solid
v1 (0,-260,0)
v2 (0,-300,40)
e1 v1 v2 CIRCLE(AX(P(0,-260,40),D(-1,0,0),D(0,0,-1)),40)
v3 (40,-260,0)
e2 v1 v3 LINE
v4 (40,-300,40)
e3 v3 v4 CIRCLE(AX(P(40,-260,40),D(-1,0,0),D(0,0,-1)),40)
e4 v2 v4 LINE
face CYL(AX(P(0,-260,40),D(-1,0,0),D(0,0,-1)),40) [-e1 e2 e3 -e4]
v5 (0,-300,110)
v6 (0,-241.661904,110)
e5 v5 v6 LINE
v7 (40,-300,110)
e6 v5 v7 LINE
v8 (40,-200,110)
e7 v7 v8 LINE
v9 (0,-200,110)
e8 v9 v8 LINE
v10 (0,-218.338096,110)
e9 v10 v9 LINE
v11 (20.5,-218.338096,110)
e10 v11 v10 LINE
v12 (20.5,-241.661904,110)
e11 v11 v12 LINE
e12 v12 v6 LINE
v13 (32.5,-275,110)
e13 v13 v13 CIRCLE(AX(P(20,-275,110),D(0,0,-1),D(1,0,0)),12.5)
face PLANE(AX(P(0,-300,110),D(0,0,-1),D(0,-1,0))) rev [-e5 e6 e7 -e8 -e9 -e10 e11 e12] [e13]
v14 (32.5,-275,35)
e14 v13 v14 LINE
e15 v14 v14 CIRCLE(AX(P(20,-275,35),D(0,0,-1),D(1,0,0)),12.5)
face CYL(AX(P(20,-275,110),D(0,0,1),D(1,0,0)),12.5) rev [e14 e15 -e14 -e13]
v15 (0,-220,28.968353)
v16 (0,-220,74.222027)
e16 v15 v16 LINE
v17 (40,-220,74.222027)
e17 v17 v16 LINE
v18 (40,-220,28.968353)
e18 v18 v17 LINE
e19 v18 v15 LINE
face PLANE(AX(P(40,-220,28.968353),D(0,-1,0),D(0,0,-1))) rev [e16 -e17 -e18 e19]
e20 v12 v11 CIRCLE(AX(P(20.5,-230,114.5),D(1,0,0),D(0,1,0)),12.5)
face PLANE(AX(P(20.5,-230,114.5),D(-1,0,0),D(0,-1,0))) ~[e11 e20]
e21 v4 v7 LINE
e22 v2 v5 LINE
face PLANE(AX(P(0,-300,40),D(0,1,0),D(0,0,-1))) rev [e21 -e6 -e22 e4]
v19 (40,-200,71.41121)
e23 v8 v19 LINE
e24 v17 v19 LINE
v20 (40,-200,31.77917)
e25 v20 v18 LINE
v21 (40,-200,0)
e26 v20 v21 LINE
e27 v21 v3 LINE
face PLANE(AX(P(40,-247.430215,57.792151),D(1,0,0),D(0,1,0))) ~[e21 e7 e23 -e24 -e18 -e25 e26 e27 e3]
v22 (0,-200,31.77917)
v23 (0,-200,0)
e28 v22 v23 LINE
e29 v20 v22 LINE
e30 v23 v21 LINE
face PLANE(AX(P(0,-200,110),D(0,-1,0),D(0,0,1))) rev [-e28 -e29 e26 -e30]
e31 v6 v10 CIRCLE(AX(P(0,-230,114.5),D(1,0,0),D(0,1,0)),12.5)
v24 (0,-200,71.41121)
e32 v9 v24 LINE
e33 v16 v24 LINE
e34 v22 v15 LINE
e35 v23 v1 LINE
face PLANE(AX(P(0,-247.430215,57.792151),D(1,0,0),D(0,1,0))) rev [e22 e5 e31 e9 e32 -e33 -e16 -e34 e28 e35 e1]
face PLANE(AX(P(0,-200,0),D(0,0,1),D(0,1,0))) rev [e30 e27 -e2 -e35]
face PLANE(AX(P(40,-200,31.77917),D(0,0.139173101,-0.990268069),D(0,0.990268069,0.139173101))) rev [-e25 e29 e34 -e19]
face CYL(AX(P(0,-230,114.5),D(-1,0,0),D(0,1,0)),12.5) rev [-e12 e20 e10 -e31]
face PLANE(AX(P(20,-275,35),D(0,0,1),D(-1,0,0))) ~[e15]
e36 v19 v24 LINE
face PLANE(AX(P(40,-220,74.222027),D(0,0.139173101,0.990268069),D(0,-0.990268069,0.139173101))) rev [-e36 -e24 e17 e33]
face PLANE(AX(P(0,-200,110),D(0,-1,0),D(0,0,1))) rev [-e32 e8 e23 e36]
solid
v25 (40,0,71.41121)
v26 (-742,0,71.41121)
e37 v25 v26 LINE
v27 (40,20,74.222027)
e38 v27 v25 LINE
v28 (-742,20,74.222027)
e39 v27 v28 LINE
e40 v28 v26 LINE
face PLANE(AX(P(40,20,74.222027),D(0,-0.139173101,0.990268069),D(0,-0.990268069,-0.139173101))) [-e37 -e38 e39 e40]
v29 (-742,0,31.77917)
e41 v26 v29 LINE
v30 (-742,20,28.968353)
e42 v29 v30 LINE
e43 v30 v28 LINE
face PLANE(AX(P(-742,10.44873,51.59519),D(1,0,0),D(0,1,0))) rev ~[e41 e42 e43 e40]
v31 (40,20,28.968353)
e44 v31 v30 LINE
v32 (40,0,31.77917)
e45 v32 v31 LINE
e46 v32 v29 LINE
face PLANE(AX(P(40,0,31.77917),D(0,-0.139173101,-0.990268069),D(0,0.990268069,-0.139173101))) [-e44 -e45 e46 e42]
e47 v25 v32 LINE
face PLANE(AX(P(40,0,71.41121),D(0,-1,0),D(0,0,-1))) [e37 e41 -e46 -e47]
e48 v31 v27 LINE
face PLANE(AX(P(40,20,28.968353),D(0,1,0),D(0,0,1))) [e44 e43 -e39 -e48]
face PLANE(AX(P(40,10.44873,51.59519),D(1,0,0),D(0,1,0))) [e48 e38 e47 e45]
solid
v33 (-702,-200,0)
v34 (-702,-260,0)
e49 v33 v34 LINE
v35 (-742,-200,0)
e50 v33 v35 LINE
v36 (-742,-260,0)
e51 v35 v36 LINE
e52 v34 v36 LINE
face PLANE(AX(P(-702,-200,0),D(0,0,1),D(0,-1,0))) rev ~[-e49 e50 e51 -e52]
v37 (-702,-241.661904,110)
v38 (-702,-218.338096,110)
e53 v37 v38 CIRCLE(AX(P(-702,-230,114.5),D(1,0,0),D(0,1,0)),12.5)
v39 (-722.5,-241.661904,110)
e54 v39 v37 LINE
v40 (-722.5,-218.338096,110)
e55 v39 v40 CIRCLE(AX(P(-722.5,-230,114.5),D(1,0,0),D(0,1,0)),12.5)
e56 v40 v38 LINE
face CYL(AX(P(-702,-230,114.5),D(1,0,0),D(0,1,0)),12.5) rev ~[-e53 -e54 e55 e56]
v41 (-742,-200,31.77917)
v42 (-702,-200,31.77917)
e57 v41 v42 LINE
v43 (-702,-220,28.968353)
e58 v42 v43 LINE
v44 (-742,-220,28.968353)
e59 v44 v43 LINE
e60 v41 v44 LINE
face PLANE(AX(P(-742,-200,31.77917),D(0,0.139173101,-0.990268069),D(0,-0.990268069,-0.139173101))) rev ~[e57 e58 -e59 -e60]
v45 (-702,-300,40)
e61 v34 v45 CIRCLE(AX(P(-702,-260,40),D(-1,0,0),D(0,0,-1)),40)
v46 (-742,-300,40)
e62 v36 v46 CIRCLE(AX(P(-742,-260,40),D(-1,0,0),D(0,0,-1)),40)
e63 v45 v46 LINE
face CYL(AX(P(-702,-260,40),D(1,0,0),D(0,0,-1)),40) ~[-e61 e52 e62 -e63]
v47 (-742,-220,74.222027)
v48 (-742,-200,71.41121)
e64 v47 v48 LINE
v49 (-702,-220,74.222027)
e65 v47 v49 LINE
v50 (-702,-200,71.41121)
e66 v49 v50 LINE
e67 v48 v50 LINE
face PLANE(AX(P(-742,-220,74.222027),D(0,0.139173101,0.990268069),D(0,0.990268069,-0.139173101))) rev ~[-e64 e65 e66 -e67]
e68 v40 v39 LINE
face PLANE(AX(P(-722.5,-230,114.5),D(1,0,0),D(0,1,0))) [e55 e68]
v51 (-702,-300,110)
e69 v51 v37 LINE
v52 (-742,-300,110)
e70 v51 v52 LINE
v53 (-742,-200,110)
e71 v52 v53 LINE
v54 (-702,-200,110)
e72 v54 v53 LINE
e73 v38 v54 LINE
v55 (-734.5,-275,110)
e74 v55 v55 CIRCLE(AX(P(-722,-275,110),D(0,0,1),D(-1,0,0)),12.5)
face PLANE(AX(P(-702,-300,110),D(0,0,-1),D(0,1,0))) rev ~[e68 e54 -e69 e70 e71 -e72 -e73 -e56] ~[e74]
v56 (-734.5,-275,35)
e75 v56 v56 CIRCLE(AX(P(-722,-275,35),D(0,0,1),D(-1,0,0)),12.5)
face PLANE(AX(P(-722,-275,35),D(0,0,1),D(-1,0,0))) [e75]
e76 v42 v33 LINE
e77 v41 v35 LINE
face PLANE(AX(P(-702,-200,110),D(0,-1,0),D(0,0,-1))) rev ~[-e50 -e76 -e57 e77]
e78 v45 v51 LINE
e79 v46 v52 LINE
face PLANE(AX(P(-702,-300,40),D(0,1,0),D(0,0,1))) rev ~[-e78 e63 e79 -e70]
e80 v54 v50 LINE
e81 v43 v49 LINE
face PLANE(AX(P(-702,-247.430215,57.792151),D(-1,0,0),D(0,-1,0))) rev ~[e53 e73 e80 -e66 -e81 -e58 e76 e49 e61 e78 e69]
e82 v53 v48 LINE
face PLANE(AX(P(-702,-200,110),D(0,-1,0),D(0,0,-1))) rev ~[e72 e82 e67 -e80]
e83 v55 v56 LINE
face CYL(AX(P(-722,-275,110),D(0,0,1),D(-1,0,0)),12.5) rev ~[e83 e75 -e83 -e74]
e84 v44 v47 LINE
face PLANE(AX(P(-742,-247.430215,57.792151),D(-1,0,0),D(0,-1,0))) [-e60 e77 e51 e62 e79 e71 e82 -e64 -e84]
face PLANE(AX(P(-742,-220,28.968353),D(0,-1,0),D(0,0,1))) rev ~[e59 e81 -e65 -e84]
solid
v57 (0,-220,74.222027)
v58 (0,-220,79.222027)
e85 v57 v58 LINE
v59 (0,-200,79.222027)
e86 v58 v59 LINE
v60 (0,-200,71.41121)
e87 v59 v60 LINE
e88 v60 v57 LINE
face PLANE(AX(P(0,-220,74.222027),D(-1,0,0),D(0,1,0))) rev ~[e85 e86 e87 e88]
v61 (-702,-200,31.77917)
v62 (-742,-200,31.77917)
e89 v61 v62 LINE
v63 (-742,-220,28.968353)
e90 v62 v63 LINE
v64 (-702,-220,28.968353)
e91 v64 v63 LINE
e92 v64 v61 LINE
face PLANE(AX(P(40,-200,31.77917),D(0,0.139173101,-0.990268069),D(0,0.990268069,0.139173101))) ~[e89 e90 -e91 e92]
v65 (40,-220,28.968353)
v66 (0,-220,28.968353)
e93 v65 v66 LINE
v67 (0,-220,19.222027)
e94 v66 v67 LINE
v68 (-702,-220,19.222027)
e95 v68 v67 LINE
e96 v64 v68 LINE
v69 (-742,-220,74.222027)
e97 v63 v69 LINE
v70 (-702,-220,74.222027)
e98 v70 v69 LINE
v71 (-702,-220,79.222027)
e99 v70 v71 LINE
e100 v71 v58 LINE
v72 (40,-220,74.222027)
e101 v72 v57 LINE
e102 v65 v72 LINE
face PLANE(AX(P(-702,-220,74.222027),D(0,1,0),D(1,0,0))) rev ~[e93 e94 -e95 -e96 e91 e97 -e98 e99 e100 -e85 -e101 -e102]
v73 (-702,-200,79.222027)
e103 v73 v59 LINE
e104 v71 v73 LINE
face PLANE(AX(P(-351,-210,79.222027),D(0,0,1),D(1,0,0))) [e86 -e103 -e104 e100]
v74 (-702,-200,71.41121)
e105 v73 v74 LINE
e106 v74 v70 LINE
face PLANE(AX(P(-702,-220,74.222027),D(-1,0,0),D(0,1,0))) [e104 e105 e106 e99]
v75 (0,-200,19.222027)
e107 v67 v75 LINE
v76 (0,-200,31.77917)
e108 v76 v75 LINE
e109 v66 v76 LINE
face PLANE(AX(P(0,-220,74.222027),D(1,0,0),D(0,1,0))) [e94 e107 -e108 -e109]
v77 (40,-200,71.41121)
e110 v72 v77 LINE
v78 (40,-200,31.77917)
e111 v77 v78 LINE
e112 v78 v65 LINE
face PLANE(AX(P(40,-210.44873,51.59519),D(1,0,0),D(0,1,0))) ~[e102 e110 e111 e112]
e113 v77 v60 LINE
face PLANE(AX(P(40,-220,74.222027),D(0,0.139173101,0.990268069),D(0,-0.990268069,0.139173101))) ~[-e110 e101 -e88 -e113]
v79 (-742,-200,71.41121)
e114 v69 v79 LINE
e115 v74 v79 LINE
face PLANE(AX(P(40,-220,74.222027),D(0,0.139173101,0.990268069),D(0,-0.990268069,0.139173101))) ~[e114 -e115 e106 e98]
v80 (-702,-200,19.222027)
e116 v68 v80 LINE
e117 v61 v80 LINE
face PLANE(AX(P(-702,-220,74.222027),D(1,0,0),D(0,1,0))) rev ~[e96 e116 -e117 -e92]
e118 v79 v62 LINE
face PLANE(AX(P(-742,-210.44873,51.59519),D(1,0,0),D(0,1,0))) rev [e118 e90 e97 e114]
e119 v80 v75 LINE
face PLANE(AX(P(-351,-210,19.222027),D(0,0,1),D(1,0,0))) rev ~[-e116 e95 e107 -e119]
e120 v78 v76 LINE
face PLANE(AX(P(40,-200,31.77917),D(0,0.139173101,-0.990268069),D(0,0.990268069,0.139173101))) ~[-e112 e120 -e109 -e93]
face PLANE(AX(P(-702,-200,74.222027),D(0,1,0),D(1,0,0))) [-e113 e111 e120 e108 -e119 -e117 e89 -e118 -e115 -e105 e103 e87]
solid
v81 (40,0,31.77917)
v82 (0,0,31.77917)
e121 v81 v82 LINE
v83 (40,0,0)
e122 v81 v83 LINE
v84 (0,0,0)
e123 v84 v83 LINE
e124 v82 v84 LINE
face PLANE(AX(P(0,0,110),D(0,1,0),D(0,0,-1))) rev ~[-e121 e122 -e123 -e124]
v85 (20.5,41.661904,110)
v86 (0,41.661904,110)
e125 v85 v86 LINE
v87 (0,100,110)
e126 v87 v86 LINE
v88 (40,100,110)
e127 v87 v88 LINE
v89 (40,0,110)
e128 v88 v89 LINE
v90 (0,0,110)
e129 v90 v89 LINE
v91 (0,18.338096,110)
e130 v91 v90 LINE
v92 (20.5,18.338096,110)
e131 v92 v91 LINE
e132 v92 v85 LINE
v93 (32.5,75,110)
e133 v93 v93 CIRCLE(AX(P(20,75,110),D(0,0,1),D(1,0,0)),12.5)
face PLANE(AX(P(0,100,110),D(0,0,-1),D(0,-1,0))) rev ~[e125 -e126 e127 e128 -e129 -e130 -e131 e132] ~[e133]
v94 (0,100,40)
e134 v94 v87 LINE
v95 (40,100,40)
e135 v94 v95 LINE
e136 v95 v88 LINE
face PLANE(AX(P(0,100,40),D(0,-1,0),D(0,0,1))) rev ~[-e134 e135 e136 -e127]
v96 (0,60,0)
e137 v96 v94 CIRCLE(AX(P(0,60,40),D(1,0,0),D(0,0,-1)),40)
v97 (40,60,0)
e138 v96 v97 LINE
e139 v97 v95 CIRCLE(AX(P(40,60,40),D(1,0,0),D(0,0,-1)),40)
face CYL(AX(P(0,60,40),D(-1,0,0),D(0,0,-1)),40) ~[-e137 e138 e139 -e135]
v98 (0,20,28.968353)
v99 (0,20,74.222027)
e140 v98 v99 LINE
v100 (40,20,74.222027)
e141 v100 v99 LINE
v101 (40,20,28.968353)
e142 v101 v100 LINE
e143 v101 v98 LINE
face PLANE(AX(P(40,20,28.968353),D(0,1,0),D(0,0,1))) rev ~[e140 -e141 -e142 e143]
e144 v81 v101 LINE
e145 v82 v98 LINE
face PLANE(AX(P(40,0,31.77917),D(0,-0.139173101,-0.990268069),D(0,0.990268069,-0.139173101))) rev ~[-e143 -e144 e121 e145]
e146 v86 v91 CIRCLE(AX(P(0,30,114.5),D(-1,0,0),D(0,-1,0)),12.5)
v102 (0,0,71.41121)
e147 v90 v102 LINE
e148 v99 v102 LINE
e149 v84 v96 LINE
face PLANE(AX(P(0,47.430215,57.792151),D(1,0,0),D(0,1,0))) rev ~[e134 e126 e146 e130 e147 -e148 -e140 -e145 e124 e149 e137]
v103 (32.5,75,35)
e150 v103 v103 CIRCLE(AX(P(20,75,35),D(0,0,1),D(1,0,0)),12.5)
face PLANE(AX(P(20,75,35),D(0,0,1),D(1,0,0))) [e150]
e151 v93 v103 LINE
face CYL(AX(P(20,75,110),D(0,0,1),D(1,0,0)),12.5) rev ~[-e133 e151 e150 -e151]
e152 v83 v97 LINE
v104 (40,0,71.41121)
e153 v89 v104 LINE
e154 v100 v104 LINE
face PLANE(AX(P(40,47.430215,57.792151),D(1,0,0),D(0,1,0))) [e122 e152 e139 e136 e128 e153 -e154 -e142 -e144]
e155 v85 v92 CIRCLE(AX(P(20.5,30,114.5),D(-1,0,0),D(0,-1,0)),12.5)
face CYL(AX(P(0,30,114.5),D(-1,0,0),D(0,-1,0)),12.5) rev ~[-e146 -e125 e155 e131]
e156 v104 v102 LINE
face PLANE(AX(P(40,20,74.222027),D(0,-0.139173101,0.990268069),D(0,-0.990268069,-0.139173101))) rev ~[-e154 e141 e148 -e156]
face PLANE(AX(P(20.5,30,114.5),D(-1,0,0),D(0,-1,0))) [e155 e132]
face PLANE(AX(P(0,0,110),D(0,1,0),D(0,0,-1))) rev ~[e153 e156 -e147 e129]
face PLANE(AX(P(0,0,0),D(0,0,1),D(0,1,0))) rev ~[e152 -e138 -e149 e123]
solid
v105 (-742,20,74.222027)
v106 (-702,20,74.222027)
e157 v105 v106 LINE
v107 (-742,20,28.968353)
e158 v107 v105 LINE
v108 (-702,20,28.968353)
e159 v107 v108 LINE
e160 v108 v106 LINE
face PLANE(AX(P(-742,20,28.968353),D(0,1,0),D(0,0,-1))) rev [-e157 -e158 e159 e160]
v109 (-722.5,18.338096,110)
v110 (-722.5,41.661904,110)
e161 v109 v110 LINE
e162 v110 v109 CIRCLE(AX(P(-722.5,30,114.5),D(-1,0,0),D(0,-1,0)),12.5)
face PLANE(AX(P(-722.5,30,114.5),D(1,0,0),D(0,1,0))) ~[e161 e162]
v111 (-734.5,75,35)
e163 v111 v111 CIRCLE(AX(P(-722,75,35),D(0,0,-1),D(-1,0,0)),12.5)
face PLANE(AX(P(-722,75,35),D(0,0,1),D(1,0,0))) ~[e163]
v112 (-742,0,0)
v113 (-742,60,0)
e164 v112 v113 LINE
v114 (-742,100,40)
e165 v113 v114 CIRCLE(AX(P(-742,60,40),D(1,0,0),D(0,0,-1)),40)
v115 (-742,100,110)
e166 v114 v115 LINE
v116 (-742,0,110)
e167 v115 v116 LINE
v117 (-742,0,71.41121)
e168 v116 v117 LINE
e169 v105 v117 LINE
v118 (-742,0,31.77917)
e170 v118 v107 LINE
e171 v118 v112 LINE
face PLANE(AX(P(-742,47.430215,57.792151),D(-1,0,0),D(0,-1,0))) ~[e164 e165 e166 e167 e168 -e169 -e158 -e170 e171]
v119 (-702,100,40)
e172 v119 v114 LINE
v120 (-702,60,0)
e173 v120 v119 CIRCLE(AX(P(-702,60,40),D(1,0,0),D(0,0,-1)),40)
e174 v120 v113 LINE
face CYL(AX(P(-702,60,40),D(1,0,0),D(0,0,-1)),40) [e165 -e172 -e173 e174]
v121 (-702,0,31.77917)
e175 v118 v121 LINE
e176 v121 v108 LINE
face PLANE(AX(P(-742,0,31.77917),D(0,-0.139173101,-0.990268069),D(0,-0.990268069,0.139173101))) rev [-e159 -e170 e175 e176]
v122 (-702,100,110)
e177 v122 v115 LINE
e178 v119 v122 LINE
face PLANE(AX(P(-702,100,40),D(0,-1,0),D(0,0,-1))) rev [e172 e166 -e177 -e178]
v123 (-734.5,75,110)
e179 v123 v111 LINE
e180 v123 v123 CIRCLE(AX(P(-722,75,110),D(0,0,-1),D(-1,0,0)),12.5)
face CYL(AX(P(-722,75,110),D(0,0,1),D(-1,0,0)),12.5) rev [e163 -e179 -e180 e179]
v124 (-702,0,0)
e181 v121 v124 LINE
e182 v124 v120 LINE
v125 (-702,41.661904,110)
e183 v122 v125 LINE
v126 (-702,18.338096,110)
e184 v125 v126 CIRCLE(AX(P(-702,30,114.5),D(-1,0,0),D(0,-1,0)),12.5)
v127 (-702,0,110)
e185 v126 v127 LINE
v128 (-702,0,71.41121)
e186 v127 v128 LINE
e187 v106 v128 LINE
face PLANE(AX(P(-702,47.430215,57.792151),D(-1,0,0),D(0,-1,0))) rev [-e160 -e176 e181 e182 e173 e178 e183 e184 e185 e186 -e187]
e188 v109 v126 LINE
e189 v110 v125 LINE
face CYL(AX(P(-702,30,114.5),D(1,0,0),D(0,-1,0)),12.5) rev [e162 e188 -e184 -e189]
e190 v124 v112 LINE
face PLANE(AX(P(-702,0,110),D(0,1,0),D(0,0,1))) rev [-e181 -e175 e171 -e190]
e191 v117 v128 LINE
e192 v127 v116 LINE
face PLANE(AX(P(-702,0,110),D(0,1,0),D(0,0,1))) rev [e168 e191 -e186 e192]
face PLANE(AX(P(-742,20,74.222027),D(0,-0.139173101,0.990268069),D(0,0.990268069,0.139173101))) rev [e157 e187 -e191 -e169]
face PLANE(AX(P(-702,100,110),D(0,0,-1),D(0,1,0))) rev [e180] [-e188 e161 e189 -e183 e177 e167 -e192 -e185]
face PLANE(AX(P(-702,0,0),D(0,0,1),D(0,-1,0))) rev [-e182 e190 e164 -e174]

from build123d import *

# Parameters (mm, degrees)
F1_DEPTH       = 40
F2_R           = 12.5
F3_DEPTH       = 75
F4_R           = 12.5
F5_DEPTH       = 20.5
F7_DEPTH       = 40.001
F10_DEPTH      = 782
F14_W          = 702
F14_H          = 20
F15_DEPTH      = 55
F15_DEPTH_BACK = 5


with BuildPart() as f1:
    # F0 (on Right) → F1 (new body)
    with BuildSketch(Plane.YZ):
        with BuildLine():
            Line((0, 110), (0, 0))
            Line((0, 0), (60, 0))
            ThreePointArc((60, 0), (88.2842712475, 11.7157287525), (100, 40))
            Line((100, 40), (100, 110))
            Line((100, 110), (0, 110))
        make_face()
    extrude(amount=F1_DEPTH)

    # F2 (on face) → F3 (cut)
    with BuildSketch(Plane.XY.offset(110)):
        with Locations((20, 75)):
            Circle(F2_R)
    extrude(amount=-F3_DEPTH, mode=Mode.SUBTRACT)

    # F4 (on face) → F5 (cut)
    with BuildSketch(Plane(origin=(0, 0, 0), x_dir=(0, -1, 0), z_dir=(-1, 0, 0))):
        with Locations((-30, 114.5)):
            Circle(F4_R)
    extrude(amount=-F5_DEPTH, mode=Mode.SUBTRACT)

    # F6 (on face) → F7 (cut, through all)
    with BuildSketch(Plane.YZ.offset(40)):
        Polygon((20, 74.2220271416), (0, 71.4112104475), (0, 56.4112104475), (0, 31.7791700363), (20, 28.9683533423), (20, 46.7791700363), (20, 56.4112104475), align=None)
    extrude(amount=-F7_DEPTH, mode=Mode.SUBTRACT)


with BuildPart() as f9_1:
    # F9: instance of F1
    add(f1.part.mirror(Plane.YZ.offset(-351)))


with BuildPart() as f10:
    # F6 (on face) → F10 (new body)
    with BuildSketch(Plane.YZ.offset(40)):
        Polygon((20, 74.2220271416), (0, 71.4112104475), (0, 56.4112104475), (0, 31.7791700363), (20, 28.9683533423), (20, 46.7791700363), (20, 56.4112104475), align=None)
    extrude(amount=-F10_DEPTH)


with BuildPart() as f12_1:
    # F12: instance of F1
    add(f1.part.mirror(Plane.XZ.offset(100)))


with BuildPart() as f12_2:
    # F12: instance of F10
    add(f10.part.mirror(Plane.XZ.offset(100)))

    # F14 (on plane+point) → F15 (join, two sides)
    with BuildSketch(Plane.XY.offset(74.2220271416)) as f15_sk:
        with Locations((-351, -210)):
            Rectangle(F14_W, F14_H)
    extrude(amount=-F15_DEPTH)
    extrude(f15_sk.sketch, amount=F15_DEPTH_BACK)


with BuildPart() as f12_3:
    # F12: instance of F9_1
    add(f9_1.part.mirror(Plane.XZ.offset(100)))


solid = Compound([f1.part, f9_1.part, f10.part, f12_1.part, f12_2.part, f12_3.part])
